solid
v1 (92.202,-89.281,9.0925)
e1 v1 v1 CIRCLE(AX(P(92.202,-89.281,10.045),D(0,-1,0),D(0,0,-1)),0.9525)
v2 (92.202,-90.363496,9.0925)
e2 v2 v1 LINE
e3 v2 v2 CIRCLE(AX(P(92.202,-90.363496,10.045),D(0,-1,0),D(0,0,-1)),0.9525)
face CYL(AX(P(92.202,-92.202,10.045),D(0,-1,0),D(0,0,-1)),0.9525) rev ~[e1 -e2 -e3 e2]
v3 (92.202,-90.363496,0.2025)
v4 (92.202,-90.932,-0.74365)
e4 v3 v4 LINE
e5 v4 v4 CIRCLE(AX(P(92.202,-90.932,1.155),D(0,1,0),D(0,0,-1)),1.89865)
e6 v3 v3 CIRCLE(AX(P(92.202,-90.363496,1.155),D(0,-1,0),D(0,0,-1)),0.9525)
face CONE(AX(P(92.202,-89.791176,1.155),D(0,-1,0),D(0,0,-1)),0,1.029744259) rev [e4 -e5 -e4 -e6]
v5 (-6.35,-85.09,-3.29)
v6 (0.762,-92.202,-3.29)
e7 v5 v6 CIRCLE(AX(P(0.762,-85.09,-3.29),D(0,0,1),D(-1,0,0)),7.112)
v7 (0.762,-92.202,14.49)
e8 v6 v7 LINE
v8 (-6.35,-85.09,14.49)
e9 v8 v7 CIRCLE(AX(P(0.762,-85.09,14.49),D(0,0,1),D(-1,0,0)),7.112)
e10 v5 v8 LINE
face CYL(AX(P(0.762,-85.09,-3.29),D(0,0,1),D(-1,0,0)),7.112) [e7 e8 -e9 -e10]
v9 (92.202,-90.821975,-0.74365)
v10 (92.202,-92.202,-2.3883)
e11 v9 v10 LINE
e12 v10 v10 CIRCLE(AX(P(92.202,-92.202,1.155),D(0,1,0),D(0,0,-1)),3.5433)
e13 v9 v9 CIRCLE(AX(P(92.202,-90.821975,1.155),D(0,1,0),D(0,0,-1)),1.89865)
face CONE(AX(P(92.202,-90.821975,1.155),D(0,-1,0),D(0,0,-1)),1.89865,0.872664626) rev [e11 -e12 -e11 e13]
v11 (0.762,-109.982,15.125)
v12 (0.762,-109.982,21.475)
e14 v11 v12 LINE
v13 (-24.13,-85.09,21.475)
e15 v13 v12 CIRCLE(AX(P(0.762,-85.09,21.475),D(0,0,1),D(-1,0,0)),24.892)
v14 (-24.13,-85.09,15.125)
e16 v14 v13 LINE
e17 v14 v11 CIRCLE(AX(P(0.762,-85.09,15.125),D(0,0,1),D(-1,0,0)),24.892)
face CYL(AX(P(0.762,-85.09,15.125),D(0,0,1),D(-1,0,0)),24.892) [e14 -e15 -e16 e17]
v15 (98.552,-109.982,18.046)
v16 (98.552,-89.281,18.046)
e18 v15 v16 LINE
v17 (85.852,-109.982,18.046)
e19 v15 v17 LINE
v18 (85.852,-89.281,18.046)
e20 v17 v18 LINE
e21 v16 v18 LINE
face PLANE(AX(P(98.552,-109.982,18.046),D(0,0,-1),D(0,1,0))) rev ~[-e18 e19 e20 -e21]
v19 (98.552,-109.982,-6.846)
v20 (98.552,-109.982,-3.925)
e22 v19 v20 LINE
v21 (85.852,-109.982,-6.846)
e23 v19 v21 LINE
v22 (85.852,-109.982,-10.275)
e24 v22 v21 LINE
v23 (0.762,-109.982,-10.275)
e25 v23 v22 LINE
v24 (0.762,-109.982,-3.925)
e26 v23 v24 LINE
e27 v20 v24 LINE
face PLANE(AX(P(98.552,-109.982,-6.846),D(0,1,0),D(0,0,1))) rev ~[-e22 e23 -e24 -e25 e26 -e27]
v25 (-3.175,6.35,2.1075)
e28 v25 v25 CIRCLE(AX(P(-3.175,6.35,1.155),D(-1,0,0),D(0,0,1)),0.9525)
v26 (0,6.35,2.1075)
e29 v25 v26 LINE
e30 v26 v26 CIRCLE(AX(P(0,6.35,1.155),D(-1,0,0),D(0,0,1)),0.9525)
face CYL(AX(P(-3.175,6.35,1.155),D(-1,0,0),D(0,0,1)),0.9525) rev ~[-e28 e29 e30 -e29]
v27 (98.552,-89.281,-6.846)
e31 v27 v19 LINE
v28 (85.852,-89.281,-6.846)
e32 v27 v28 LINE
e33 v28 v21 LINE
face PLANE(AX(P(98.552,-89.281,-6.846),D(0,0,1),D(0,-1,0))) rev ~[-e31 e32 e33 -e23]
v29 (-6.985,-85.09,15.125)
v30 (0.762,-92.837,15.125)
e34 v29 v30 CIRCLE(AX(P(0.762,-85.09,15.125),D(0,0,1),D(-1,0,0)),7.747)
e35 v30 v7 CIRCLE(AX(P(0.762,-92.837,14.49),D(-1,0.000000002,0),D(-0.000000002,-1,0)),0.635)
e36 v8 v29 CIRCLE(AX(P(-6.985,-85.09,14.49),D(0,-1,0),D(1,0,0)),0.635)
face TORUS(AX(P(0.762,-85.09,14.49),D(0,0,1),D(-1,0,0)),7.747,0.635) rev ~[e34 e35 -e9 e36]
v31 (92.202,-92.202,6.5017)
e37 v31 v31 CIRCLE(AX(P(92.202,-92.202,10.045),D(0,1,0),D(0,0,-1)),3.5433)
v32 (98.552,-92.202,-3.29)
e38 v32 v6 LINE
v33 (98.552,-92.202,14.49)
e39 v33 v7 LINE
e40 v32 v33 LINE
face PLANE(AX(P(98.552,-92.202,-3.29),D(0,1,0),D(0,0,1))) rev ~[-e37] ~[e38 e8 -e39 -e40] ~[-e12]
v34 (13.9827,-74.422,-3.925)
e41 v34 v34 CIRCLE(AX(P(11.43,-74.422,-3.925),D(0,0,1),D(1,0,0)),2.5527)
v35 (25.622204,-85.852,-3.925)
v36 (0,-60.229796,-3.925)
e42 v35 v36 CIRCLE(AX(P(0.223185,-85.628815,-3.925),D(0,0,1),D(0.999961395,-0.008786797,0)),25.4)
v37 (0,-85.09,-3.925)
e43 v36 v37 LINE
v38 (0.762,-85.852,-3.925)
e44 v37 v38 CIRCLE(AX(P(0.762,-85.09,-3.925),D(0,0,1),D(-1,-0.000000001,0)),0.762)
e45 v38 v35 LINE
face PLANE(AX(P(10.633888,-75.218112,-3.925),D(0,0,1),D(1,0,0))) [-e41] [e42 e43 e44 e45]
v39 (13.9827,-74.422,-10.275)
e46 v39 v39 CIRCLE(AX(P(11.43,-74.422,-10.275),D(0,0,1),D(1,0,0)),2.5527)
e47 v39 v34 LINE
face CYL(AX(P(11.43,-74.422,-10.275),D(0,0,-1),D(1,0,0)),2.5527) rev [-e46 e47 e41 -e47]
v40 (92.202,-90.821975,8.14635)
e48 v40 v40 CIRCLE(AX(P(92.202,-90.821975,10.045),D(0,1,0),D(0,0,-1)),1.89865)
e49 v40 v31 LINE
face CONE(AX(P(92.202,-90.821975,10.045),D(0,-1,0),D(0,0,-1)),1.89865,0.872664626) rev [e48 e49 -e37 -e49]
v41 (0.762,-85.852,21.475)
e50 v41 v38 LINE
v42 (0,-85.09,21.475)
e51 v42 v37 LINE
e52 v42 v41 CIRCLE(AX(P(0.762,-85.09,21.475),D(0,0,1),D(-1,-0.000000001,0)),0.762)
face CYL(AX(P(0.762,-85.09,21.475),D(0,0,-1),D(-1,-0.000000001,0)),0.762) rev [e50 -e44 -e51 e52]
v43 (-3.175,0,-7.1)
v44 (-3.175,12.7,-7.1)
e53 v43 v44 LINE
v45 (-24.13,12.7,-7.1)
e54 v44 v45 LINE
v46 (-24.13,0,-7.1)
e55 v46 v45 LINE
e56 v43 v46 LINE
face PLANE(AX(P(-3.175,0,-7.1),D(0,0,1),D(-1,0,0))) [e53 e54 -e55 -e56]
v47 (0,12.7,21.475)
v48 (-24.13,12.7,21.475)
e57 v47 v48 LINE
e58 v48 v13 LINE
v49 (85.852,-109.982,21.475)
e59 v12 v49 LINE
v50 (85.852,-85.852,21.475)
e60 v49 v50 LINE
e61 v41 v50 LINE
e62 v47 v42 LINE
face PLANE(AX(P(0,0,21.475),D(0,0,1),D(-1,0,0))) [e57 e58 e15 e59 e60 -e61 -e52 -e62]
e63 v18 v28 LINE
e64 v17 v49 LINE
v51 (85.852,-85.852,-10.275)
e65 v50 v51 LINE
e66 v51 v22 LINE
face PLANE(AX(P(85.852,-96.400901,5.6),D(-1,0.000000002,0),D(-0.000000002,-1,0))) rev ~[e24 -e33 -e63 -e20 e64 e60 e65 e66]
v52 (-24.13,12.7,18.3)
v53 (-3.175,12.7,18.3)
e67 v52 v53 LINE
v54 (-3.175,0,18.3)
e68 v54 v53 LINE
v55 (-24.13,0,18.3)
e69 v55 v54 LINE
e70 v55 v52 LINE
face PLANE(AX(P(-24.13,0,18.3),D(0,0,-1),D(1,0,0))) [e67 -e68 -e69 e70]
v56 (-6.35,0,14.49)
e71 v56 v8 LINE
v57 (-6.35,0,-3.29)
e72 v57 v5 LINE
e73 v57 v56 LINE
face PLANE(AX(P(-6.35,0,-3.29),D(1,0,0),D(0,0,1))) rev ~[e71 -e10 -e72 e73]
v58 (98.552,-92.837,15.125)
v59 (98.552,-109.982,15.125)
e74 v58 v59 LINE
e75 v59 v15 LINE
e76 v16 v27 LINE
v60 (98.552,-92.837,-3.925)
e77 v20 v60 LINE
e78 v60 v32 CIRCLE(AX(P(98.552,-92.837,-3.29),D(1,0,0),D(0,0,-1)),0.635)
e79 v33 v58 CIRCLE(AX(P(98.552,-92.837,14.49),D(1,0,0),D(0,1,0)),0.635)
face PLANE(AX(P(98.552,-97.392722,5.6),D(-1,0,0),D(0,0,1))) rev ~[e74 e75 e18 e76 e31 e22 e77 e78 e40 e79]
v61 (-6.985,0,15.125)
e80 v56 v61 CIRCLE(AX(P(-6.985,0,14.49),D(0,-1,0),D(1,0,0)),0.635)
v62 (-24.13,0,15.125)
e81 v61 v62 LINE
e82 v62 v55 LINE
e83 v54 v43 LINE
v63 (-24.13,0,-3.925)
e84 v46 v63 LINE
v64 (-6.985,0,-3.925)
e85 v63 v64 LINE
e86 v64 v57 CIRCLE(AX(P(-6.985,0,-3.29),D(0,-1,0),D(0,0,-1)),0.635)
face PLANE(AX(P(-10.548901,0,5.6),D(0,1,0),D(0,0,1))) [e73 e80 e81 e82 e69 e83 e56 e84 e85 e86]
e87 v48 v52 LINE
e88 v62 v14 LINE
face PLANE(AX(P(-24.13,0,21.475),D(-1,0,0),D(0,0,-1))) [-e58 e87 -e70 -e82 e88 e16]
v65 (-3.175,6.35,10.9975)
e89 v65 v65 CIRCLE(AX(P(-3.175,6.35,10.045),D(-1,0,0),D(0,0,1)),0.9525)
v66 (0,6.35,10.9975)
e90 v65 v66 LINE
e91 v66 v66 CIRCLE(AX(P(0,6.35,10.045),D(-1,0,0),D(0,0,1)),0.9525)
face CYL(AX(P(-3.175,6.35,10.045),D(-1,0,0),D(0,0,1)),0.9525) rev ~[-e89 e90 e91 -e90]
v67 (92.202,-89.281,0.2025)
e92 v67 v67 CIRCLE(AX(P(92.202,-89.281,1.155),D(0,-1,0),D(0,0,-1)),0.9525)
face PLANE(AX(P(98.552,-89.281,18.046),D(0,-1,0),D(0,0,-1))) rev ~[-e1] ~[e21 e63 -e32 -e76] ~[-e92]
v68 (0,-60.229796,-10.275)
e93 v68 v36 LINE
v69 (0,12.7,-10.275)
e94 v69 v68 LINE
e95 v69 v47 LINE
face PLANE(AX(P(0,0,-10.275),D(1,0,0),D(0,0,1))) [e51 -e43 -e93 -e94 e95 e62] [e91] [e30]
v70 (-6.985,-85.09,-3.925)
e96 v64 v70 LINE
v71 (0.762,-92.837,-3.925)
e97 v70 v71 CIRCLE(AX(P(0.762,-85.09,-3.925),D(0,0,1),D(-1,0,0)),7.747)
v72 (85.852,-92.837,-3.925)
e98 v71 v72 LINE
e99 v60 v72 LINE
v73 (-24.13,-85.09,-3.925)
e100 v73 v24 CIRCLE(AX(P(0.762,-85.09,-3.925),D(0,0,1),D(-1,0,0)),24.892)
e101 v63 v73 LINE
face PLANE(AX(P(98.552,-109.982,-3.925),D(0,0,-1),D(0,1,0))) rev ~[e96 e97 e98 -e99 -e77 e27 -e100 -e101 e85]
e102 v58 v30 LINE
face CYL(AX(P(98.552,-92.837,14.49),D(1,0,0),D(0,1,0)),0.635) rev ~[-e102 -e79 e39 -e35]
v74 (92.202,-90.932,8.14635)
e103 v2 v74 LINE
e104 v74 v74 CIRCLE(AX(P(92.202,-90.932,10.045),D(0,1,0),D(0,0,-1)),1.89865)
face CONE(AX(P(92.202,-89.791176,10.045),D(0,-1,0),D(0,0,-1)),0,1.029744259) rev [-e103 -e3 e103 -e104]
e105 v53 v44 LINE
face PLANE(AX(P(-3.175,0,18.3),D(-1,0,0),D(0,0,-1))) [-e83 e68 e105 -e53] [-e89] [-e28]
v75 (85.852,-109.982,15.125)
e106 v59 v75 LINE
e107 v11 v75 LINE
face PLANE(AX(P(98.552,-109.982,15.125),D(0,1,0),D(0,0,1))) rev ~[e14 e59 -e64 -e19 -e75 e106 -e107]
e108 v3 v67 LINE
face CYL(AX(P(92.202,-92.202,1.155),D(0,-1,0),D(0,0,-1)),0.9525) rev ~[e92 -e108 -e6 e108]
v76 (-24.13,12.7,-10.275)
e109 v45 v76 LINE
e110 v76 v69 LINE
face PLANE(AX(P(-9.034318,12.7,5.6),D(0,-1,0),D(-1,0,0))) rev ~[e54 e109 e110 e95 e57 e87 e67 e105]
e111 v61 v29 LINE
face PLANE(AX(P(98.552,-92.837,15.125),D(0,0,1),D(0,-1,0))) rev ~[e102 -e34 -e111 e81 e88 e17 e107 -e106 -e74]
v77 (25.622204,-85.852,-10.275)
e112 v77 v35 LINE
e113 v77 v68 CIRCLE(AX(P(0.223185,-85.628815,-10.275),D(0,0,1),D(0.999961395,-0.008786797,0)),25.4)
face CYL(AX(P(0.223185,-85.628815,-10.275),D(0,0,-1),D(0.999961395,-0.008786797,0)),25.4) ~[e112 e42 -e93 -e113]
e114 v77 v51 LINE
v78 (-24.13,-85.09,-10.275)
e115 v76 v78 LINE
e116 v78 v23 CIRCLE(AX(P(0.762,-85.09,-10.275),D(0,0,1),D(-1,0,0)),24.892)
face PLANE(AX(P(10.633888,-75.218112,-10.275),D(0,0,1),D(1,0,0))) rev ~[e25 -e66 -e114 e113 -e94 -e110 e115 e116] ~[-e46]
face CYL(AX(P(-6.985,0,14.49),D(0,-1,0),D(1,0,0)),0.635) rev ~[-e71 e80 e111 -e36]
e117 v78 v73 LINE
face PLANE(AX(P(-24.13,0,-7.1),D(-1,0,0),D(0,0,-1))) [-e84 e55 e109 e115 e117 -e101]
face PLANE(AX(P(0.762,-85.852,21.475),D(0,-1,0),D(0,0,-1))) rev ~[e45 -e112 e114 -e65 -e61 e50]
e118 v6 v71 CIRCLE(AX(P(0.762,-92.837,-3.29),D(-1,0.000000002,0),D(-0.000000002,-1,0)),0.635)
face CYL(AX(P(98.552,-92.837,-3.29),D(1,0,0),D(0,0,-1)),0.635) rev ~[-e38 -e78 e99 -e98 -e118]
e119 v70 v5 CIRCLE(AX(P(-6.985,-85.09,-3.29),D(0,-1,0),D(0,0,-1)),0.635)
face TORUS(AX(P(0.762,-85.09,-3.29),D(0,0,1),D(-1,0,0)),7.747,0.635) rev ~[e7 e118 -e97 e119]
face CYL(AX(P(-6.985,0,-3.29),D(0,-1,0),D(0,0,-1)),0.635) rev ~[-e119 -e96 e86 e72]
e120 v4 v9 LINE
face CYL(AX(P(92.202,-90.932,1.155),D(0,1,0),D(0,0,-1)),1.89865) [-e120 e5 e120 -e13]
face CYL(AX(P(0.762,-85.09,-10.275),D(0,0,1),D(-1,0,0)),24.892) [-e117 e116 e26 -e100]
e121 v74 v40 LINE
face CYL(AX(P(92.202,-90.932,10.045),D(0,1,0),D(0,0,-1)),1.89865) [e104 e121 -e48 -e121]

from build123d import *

# Parameters (mm, degrees)
BOSS_EXTRUDE2_START  = 12.7
BOSS_EXTRUDE2_DEPTH  = 12.7
BOSS_EXTRUDE3_DEPTH  = 12.7
SKETCH8_R            = 0.9525
CUT_EXTRUDE1_DEPTH   = 146.526980066
SKETCH9_R            = 0.9525
CUT_EXTRUDE2_DEPTH   = 152.345956246
SKETCH12_R           = 2.5527
BOSS_EXTRUDE10_DEPTH = 6.35


with BuildPart() as part:
    # Sweep1: sweep along a path in Sketch4
    with BuildLine(Plane.XY) as sweep1_path:
        Line((0, 0), (0, -85.09))
        ThreePointArc((0, -85.09), (0.223184633, -85.628815367), (0.762, -85.852))
        Line((0.762, -85.852), (85.852, -85.852))
    # Sketch3 → Sweep1 (sweep)
    with BuildSketch(Plane(origin=(0, 0, 0), x_dir=(1, 0, 0), z_dir=(0, 1, 0))):
        with BuildLine():
            Line((0, 10.27500014), (-24.13, 10.27500014))
            Line((-24.13, 10.27500014), (-24.13, 3.92500014))
            Line((-24.13, 3.92500014), (-6.985, 3.92500014))
            ThreePointArc((-6.985, 3.92500014), (-6.535987194, 3.739012946), (-6.35, 3.29000014))
            Line((-6.35, 3.29000014), (-6.35, -14.48999986))
            ThreePointArc((-6.35, -14.48999986), (-6.535987194, -14.939012666), (-6.985, -15.12499986))
            Line((-6.985, -15.12499986), (-24.13, -15.12499986))
            Line((-24.13, -15.12499986), (-24.13, -21.47499986))
            Line((-24.13, -21.47499986), (0, -21.47499986))
            Line((0, -21.47499986), (0, 10.27500014))
        make_face()
    sweep(path=sweep1_path.line)

    # Sketch6 → Boss-Extrude2 (add)
    with BuildSketch(Plane(origin=(85.852, 0, 0), x_dir=(0, 0, -1), z_dir=(1, 0, 0)).offset(BOSS_EXTRUDE2_START)):
        with BuildLine():
            Line((-18.04599986, -89.281), (6.84600014, -89.281))
            Line((6.84600014, -89.281), (6.84600014, -109.982))
            Line((6.84600014, -109.982), (3.92500014, -109.982))
            Line((3.92500014, -109.982), (3.92500014, -92.837))
            ThreePointArc((3.92500014, -92.837), (3.739012946, -92.387987194), (3.29000014, -92.202))
            Line((3.29000014, -92.202), (-14.48999986, -92.202))
            ThreePointArc((-14.48999986, -92.202), (-14.939012666, -92.387987194), (-15.12499986, -92.837))
            Line((-15.12499986, -92.837), (-15.12499986, -109.982))
            Line((-15.12499986, -109.982), (-18.04599986, -109.982))
            Line((-18.04599986, -109.982), (-18.04599986, -89.281))
        make_face()
    extrude(amount=-BOSS_EXTRUDE2_DEPTH)

    # Sketch7 → Boss-Extrude3 (add)
    with BuildSketch(Plane(origin=(0, 0, 0), x_dir=(1, 0, 0), z_dir=(0, 1, 0))):
        Polygon((-24.13, 7.10000014), (-24.13, 10.27500014), (0, 10.27500014), (0, -21.47499986), (-24.13, -21.47499986), (-24.13, -18.29999986), (-3.175, -18.29999986), (-3.175, 7.10000014), align=None)
    extrude(amount=BOSS_EXTRUDE3_DEPTH)

    # Sketch8 → Cut-Extrude1 (cut, through all)
    with BuildSketch(Plane.XZ.offset(92.202)):
        with Locations(Location((92.202, 10.04499986, 0), (0, 0, 270))):
            Circle(SKETCH8_R)
        with Locations(Location((92.202, 1.15499986, 0), (0, 0, 270))):
            Circle(SKETCH8_R)
    extrude(amount=-CUT_EXTRUDE1_DEPTH, mode=Mode.SUBTRACT)

    # Sketch9 → Cut-Extrude2 (cut, through all)
    with BuildSketch(Plane.ZY.offset(3.175)):
        with Locations((1.15499986, 6.35)):
            Circle(SKETCH9_R)
        with Locations((10.04499986, 6.35)):
            Circle(SKETCH9_R)
    extrude(amount=-CUT_EXTRUDE2_DEPTH, mode=Mode.SUBTRACT)

    # Sketch12 → Boss-Extrude10 (add)
    with BuildSketch(Plane.XY.offset(-10.27500014)):
        with BuildLine():
            Line((0, -60.229795925), (0, -85.09))
            ThreePointArc((0, -85.09), (0.223184633, -85.628815367), (0.762, -85.852))
            Line((0.762, -85.852), (25.622204075, -85.852))
            ThreePointArc((25.622204075, -85.852), (18.183696875, -67.668303125), (0, -60.229795925))
        make_face()
        with Locations((11.43, -74.422)):
            Circle(SKETCH12_R, mode=Mode.SUBTRACT)
    extrude(amount=BOSS_EXTRUDE10_DEPTH)

    # Sketch14 → CSK for _6 Flat Head Machine Screw _100 (revolve, cut)
    with BuildSketch(Plane(origin=(92.202, -92.202, 1.15499986), x_dir=(0, 0, -1), z_dir=(1, 0, 0))):
        Polygon((0, 0), (0, 2.410824014), (1.89865, 1.27), (1.89865, 1.380025208), (3.5433, 0), align=None)
    revolve(axis=Axis((92.202, -98.552, 1.15499986), (0, 1, 0)), mode=Mode.SUBTRACT)

    # Sketch16 → CSK for _6 Flat Head Machine Screw _ 2 (revolve, cut)
    with BuildSketch(Plane(origin=(92.202, -92.202, 10.04499986), x_dir=(0, 0, -1), z_dir=(1, 0, 0))):
        Polygon((0, 0), (0, 2.410824014), (1.89865, 1.27), (1.89865, 1.380025208), (3.5433, 0), align=None)
    revolve(axis=Axis((92.202, -98.552, 10.04499986), (0, 1, 0)), mode=Mode.SUBTRACT)


solid = part.part
